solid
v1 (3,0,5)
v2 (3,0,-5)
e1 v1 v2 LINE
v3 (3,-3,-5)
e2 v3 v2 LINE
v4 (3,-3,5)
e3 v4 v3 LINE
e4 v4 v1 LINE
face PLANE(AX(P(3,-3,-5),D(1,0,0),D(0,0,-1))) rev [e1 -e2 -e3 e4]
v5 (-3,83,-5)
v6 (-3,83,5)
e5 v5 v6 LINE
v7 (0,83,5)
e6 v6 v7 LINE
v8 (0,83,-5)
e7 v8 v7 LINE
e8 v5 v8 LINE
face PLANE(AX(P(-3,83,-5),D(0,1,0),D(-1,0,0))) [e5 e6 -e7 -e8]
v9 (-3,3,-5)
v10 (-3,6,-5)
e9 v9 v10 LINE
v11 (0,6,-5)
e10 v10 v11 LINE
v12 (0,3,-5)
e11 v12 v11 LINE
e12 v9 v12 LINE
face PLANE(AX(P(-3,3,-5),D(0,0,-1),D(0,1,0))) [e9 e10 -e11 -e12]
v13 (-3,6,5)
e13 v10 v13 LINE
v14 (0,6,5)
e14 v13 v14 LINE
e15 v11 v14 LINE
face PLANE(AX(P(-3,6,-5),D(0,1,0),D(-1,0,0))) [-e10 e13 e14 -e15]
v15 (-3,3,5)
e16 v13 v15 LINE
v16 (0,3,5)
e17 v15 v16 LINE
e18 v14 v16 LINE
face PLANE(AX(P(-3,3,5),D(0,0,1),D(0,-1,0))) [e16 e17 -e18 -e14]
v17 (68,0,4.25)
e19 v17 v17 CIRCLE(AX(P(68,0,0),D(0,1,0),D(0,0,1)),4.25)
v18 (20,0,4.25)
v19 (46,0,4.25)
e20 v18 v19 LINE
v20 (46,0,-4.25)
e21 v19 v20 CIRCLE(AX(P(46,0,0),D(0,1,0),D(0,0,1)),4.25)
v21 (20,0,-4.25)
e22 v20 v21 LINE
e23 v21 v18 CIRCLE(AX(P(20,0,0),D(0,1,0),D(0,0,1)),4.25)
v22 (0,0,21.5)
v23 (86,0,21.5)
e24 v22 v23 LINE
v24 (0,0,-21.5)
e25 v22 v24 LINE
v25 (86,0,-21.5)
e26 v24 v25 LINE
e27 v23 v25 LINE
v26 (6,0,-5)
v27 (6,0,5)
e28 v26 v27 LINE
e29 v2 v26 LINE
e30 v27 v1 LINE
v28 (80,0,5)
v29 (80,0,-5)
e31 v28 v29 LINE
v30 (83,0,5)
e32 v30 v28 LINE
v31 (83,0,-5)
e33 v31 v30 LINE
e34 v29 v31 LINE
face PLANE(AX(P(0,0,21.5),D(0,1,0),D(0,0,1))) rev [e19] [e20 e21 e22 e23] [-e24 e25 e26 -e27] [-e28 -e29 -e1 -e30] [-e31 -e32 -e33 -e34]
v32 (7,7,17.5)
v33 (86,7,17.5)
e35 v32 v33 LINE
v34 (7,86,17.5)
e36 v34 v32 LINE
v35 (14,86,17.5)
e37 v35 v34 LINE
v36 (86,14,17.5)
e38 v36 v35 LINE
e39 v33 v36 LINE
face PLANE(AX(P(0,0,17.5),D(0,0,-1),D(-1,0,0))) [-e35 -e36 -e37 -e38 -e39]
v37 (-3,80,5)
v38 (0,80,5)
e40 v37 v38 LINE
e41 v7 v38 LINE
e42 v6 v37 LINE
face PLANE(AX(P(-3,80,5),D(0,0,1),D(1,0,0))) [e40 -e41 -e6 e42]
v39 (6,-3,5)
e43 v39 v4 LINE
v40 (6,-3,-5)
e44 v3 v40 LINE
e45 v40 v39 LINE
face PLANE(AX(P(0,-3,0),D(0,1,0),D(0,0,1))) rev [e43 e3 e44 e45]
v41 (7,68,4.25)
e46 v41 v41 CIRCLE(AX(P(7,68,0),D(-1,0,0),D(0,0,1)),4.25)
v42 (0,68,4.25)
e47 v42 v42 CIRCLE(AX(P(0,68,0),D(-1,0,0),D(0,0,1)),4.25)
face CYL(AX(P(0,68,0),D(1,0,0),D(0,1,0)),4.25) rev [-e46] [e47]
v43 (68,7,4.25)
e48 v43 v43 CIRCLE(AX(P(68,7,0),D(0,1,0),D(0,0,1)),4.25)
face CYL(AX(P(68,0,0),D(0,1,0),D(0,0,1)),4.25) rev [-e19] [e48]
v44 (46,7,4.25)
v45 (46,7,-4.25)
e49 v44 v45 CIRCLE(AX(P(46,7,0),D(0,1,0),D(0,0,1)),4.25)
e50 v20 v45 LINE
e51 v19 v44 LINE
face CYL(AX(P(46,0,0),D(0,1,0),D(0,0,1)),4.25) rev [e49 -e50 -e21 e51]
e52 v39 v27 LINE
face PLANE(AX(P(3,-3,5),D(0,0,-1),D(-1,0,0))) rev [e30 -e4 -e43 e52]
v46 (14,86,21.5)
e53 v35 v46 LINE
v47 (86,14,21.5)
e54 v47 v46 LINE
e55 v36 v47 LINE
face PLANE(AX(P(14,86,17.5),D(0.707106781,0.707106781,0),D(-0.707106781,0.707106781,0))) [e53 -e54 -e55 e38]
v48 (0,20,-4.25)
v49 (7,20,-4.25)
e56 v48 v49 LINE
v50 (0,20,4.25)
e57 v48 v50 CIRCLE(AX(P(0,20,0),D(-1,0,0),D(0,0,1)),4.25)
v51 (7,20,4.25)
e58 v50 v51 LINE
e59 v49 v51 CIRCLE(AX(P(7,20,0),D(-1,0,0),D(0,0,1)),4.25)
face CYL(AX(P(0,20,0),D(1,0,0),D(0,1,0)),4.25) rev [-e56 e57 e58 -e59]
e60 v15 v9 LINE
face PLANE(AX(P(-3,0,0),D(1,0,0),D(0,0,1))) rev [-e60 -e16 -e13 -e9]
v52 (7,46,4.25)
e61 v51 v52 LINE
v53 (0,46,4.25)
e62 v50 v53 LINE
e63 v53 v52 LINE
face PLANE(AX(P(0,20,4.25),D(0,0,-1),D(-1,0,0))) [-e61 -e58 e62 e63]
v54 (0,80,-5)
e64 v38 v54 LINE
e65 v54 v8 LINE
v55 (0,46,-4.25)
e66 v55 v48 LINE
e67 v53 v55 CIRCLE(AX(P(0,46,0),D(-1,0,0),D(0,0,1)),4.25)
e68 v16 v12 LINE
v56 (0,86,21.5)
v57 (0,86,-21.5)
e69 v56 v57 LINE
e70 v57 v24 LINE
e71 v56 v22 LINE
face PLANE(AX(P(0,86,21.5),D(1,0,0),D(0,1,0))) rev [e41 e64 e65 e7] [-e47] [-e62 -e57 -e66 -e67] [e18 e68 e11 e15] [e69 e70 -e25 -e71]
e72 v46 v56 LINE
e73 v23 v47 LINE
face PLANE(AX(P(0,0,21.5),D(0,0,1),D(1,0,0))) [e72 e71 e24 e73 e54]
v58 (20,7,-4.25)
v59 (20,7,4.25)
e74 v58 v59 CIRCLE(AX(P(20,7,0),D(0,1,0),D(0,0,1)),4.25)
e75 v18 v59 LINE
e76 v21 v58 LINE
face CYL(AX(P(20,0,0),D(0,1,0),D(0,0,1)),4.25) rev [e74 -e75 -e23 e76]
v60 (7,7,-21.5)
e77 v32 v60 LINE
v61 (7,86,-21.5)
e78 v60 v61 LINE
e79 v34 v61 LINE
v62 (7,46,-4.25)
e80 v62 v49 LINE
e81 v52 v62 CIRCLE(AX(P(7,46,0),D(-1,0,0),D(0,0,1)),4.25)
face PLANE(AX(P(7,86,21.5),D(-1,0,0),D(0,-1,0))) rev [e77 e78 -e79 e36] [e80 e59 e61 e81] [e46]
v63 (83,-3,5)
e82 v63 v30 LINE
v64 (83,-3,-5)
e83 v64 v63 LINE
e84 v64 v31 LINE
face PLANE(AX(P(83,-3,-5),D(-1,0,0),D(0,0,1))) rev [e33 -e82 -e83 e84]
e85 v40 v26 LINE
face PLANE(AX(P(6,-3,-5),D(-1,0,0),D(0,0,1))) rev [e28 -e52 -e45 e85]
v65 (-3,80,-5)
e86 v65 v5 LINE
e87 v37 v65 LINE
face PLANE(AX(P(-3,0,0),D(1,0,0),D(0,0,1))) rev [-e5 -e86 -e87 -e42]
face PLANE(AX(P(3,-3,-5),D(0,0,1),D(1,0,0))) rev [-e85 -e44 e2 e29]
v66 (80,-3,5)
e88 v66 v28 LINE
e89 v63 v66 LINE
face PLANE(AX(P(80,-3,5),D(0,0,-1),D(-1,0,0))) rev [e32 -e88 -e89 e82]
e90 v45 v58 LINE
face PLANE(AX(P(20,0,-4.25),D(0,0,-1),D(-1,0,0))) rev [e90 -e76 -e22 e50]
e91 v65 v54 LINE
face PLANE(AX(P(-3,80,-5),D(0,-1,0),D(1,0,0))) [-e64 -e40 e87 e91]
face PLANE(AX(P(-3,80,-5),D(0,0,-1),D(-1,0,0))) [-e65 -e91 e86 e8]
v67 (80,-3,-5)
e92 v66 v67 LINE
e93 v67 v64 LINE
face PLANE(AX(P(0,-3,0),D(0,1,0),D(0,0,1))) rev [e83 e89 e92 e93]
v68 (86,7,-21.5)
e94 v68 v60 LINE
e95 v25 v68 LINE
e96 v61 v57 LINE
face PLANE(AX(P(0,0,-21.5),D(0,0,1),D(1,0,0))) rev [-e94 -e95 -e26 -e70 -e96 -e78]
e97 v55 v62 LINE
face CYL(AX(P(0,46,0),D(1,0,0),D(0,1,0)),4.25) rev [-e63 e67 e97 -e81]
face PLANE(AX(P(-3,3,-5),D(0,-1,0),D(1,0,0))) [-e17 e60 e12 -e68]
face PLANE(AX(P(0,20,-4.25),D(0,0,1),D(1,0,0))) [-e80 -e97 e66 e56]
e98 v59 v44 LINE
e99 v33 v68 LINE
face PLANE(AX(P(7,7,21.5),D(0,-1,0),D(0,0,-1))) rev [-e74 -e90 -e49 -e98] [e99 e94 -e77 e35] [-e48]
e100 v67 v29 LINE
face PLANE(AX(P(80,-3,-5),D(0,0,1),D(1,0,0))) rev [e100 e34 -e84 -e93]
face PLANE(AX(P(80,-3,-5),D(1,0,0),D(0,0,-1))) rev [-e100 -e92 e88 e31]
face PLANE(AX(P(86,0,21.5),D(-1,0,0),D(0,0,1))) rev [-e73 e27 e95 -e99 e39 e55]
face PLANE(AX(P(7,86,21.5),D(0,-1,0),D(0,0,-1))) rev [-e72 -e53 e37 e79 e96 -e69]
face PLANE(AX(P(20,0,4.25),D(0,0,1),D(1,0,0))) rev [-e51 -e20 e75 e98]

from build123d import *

# Parameters (mm, degrees)
EXTRUDE_1_DEPTH     = 21.5
EXTRUDE_2_DEPTH     = 4
SKETCH_3_R          = 4.25
CUT_EXTRUDE_1_DEPTH = 8
SKETCH_4_W          = 3
SKETCH_4_H          = 10
EXTRUDE_3_DEPTH     = 3


with BuildPart() as part:
    # Эскиз1 → Бобышка-Вытянуть1 (new body, symmetric)
    with BuildSketch(Plane.XY):
        Polygon((0, 86), (0, 0), (86, 0), (86, 7), (7, 7), (7, 86), align=None)
    extrude(amount=EXTRUDE_1_DEPTH, both=True)

    # Эскиз2 → Бобышка-Вытянуть2 (add)
    with BuildSketch(Plane.XY.offset(21.5)):
        Polygon((86, 7), (7, 7), (7, 86), (14, 86), (86, 14), align=None)
    extrude(amount=-EXTRUDE_2_DEPTH)

    # Эскиз3 → Вырез-Вытянуть1 (cut, through all)
    with BuildSketch(Plane(origin=(0, 7, 0), x_dir=(1, 0, 0), z_dir=(0, 1, 0))):
        with Locations(Location((68, 0, 0), (0, 0, 270))):  # turned: the seam where the file's is
            Circle(SKETCH_3_R)
        with BuildLine():
            Line((20, 4.25), (46, 4.25))
            ThreePointArc((46, 4.25), (50.25, 0), (46, -4.25))
            Line((46, -4.25), (20, -4.25))
            ThreePointArc((20, -4.25), (15.75, 0), (20, 4.25))
        make_face()
    cut_extrude_1 = extrude(amount=-CUT_EXTRUDE_1_DEPTH, mode=Mode.SUBTRACT)

    # Эскиз4 → Бобышка-Вытянуть3 (add)
    with BuildSketch(Plane.XZ):
        with Locations((4.5, 0)):
            Rectangle(SKETCH_4_W, SKETCH_4_H)
        with Locations((81.5, 0)):
            Rectangle(SKETCH_4_W, SKETCH_4_H)
    extrude_3 = extrude(amount=EXTRUDE_3_DEPTH)

    # Зеркальное отражение3: Вырез-Вытянуть1, Бобышка-Вытянуть3 across plane
    add(cut_extrude_1.mirror(Plane(origin=(0, 0, 0), x_dir=(0, 0, 1), z_dir=(-0.707106781, 0.707106781, 0))), mode=Mode.SUBTRACT)
    add(extrude_3.mirror(Plane(origin=(0, 0, 0), x_dir=(0, 0, 1), z_dir=(-0.707106781, 0.707106781, 0))))


solid = part.part
